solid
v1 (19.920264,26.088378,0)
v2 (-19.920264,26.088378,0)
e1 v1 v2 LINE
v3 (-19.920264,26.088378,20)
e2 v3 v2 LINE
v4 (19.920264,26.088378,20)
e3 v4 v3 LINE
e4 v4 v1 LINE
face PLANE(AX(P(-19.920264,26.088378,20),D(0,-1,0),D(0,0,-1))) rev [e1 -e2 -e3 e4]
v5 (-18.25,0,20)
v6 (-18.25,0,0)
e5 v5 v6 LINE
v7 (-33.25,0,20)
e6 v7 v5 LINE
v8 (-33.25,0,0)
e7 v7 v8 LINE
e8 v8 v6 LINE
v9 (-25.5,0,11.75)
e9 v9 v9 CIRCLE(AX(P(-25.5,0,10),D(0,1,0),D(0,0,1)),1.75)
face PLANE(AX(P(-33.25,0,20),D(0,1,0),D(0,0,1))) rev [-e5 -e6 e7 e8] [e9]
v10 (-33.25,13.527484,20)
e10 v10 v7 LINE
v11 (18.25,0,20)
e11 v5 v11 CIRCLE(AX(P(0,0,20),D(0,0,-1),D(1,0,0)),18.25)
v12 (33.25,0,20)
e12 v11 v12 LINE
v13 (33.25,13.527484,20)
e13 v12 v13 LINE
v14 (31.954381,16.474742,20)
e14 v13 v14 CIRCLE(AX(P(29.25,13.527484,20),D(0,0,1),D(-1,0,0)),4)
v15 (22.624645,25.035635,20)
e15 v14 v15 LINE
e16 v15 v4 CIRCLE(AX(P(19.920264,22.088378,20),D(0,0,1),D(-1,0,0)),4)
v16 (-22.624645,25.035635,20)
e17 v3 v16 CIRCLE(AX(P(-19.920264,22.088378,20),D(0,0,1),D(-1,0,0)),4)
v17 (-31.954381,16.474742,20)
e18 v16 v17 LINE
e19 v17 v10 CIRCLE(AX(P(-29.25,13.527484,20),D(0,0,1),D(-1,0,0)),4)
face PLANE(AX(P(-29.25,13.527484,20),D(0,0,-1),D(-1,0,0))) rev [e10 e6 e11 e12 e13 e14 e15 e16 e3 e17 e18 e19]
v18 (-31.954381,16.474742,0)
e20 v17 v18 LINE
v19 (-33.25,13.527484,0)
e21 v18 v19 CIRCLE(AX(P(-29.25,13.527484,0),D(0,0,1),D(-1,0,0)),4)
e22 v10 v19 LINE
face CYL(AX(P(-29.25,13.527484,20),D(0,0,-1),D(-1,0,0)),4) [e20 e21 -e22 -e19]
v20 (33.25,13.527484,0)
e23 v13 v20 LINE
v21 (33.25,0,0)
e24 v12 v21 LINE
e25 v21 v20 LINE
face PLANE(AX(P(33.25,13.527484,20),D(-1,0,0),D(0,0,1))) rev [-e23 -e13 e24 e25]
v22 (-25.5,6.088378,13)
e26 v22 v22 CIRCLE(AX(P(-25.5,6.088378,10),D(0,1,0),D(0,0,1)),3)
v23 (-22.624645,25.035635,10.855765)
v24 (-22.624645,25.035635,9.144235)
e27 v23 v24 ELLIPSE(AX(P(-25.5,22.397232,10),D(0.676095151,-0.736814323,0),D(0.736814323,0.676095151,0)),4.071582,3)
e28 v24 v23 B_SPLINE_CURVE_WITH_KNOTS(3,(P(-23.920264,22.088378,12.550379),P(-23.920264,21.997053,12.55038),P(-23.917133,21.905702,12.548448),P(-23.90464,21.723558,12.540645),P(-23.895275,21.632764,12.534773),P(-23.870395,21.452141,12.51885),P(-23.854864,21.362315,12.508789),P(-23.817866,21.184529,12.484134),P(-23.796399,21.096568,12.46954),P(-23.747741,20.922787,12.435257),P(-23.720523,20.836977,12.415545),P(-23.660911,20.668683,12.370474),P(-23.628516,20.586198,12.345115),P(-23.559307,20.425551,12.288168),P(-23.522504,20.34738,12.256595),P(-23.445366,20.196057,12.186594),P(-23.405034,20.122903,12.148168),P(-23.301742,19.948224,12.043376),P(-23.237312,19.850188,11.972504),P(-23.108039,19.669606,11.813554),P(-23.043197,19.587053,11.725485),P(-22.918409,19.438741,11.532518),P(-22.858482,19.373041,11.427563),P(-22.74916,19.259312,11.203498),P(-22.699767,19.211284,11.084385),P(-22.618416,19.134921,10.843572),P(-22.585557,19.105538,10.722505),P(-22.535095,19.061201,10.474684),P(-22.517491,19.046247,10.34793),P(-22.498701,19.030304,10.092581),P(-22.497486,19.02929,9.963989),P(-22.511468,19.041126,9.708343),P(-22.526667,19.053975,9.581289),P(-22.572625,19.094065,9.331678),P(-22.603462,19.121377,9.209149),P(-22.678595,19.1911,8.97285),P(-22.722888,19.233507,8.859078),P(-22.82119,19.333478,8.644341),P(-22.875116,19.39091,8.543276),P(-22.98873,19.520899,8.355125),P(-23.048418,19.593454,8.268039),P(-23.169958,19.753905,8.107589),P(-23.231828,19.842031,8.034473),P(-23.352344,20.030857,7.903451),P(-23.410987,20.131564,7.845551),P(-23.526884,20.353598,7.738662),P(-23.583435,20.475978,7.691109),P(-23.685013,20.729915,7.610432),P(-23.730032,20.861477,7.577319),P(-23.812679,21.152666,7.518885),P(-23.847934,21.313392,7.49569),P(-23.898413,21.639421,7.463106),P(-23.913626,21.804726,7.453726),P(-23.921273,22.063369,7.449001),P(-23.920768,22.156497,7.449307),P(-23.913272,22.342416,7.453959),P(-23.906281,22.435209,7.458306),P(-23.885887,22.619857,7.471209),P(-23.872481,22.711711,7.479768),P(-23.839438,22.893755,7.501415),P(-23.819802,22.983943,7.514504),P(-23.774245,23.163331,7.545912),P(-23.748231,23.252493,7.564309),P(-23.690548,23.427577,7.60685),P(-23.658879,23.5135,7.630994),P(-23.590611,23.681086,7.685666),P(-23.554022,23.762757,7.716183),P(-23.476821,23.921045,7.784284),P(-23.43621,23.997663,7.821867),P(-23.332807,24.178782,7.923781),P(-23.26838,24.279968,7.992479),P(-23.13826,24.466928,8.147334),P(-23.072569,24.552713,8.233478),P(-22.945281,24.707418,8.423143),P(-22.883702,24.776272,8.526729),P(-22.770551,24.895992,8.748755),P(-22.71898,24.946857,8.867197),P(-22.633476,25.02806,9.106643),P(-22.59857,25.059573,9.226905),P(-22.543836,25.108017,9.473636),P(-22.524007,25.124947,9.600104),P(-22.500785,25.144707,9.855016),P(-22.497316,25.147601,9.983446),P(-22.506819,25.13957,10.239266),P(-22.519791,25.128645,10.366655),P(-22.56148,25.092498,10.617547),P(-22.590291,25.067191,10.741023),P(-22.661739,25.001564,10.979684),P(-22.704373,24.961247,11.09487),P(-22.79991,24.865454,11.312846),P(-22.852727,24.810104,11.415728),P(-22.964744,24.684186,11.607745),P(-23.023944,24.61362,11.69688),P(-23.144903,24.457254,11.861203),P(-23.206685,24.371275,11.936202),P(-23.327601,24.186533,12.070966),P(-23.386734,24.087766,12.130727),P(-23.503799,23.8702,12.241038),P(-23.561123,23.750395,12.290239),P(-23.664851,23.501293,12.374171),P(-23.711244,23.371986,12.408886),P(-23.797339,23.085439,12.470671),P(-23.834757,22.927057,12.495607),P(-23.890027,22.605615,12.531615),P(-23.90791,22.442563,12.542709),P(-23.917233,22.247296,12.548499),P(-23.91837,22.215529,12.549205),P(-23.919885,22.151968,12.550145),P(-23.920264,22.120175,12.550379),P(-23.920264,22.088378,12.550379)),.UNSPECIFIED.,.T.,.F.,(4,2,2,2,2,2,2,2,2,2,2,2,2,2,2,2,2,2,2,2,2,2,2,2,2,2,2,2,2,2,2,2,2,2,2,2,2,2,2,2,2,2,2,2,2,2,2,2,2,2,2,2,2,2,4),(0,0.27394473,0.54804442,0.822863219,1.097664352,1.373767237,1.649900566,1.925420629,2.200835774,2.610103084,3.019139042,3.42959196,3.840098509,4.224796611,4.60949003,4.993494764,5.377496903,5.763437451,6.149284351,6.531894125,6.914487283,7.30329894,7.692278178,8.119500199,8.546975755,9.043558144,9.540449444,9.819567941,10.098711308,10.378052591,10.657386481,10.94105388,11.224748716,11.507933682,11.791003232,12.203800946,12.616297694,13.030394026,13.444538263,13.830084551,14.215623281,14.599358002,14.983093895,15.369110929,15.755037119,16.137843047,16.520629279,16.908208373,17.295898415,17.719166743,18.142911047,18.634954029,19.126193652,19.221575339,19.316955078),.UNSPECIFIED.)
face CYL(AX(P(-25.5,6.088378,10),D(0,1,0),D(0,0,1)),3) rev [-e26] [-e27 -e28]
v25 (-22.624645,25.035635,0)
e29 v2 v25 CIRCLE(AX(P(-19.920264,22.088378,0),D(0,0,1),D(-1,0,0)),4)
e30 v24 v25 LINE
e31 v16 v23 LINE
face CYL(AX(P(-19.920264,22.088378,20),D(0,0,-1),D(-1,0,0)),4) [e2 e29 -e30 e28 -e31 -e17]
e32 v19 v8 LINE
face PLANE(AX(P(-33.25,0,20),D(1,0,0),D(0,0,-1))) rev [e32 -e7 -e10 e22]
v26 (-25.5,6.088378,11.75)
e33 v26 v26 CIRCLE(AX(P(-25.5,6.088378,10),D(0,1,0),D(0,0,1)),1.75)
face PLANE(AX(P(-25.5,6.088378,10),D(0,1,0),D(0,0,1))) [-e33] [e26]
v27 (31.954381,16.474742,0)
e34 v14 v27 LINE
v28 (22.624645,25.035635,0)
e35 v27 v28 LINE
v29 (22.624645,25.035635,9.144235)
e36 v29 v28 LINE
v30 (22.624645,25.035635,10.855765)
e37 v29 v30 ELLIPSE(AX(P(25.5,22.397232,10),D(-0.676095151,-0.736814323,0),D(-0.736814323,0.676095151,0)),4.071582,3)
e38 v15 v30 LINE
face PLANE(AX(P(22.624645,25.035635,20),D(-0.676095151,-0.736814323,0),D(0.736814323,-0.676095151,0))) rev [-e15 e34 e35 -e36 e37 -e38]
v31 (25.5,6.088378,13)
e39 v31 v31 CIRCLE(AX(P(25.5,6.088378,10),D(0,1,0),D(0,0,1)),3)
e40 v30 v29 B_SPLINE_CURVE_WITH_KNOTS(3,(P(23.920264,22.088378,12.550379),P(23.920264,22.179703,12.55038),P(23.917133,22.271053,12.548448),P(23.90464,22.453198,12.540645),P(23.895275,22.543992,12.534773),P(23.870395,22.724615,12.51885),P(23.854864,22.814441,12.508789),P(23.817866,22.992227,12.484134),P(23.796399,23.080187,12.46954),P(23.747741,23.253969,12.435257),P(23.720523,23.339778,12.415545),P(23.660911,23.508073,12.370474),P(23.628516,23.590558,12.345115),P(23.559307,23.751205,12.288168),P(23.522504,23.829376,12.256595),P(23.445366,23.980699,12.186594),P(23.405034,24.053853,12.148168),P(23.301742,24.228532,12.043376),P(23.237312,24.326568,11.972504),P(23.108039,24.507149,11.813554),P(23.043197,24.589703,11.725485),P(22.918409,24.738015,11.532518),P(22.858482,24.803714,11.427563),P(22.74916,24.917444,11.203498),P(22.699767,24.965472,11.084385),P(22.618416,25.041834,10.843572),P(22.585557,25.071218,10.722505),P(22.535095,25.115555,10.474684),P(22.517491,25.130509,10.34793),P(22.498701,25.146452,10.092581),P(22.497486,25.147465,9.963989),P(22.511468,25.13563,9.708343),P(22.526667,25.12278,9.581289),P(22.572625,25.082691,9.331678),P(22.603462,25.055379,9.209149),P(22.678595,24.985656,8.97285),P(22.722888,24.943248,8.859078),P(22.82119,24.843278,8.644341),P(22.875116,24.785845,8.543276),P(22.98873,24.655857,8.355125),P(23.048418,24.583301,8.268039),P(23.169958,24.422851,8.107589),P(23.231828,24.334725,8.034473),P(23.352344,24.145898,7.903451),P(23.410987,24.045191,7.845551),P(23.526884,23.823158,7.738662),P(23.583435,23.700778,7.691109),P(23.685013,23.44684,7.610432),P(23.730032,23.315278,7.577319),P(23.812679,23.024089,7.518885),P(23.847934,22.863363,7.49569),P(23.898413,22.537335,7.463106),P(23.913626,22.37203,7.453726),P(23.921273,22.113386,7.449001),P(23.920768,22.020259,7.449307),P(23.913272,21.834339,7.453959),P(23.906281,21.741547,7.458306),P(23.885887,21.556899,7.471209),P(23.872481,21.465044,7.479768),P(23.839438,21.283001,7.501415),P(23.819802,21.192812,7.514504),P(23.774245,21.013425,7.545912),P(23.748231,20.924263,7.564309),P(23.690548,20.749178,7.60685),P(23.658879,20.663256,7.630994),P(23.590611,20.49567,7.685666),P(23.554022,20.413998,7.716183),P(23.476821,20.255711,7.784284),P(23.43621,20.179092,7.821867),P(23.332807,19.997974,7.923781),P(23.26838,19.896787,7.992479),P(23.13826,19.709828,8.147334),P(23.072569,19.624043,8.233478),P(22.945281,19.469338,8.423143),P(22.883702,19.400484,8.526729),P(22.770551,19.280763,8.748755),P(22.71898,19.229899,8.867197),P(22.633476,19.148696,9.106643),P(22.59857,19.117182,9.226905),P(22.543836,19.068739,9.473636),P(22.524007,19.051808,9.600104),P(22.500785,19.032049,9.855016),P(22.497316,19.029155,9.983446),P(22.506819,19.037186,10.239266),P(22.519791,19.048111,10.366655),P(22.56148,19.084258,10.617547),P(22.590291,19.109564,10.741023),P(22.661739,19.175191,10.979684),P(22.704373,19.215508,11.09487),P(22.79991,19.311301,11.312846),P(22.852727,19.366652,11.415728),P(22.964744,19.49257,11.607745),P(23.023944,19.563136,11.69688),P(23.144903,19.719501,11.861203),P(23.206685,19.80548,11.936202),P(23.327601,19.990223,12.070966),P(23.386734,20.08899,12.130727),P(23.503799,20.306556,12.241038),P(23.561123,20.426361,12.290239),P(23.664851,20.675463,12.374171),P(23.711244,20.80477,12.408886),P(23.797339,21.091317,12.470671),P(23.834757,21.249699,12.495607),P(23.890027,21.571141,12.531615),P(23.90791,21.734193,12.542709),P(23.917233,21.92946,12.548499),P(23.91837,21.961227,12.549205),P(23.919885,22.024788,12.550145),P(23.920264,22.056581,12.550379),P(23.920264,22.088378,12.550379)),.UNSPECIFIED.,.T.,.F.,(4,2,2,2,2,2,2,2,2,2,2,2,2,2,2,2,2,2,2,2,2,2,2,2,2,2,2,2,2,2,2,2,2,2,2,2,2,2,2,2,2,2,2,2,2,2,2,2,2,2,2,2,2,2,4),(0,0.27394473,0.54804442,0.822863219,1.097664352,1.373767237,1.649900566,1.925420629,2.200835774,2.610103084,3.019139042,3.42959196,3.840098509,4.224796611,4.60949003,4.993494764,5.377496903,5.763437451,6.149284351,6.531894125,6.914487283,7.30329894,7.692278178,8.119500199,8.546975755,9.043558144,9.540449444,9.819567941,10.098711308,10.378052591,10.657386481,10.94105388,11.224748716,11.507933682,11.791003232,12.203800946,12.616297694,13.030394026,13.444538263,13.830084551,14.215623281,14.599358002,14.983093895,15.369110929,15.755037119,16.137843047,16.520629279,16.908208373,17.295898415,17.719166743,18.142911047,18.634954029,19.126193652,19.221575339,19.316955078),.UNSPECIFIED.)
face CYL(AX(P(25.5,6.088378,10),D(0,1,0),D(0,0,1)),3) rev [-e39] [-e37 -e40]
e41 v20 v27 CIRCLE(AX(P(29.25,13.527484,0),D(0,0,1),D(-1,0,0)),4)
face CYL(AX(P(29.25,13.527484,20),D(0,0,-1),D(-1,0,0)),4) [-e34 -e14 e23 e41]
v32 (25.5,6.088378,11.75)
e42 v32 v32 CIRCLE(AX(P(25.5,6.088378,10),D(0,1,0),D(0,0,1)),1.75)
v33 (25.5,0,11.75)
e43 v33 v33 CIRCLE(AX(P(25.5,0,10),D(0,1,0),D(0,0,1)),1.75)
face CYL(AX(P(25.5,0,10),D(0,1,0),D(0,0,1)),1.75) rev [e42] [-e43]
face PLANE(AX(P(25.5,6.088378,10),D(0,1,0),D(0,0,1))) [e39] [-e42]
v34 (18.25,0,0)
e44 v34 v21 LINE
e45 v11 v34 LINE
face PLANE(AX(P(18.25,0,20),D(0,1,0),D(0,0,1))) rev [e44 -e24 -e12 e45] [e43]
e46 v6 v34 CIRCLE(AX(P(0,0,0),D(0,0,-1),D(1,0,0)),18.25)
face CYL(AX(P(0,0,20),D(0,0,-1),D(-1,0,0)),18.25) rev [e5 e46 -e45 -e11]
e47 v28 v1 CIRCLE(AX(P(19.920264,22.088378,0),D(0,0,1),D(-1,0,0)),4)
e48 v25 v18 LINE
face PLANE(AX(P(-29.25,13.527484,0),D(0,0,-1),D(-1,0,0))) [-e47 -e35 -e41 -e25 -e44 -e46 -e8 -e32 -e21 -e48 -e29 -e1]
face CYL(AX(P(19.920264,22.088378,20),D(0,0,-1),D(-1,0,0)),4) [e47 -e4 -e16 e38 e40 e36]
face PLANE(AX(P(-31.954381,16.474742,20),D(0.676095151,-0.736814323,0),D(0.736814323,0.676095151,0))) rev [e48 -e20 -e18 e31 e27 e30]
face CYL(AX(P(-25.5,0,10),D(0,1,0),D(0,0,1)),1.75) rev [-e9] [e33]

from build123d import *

# Parameters (mm, degrees)
EXTRUDE_1_DEPTH     = 20
SKETCH_2_R          = 3
CUT_EXTRUDE_1_DEPTH = 20
SKETCH_3_R          = 1.75
CUT_EXTRUDE_2_DEPTH = 27.088377855


with BuildPart() as part:
    # 草图1 → 凸台-拉伸1 (new body)
    with BuildSketch(Plane.XY):
        with BuildLine():
            Line((-33.25, 0), (-18.25, 0))
            ThreePointArc((-18.25, 0), (0, 18.25), (18.25, 0))
            Line((18.25, 0), (33.25, 0))
            Line((33.25, 0), (33.25, 13.52748426))
            ThreePointArc((33.25, 13.52748426), (32.911797538, 15.137216782), (31.954380604, 16.474741552))
            Line((31.954380604, 16.474741552), (22.624644973, 25.035635147))
            ThreePointArc((22.624644973, 25.035635147), (21.371293457, 25.815912507), (19.920264369, 26.088377855))
            Line((19.920264369, 26.088377855), (-19.920264369, 26.088377855))
            ThreePointArc((-19.920264369, 26.088377855), (-21.371293457, 25.815912507), (-22.624644973, 25.035635147))
            Line((-22.624644973, 25.035635147), (-31.954380604, 16.474741552))
            ThreePointArc((-31.954380604, 16.474741552), (-32.911797538, 15.137216782), (-33.25, 13.52748426))
            Line((-33.25, 13.52748426), (-33.25, 0))
        make_face()
    extrude(amount=EXTRUDE_1_DEPTH)

    # 草图2 → 切除-拉伸1 (cut)
    with BuildSketch(Plane(origin=(0, 26.088377855, 0), x_dir=(1, 0, 0), z_dir=(0, 1, 0))):
        with Locations((-25.5, -10)):
            Circle(SKETCH_2_R)
        with Locations((25.5, -10)):
            Circle(SKETCH_2_R)
    extrude(amount=-CUT_EXTRUDE_1_DEPTH, mode=Mode.SUBTRACT)

    # 草图3 → 切除-拉伸2 (cut, through all)
    with BuildSketch(Plane(origin=(0, 26.088377855, 0), x_dir=(1, 0, 0), z_dir=(0, 1, 0))):
        with Locations((25.5, -10)):
            Circle(SKETCH_3_R)
        with Locations((-25.5, -10)):
            Circle(SKETCH_3_R)
    extrude(amount=-CUT_EXTRUDE_2_DEPTH, mode=Mode.SUBTRACT)


solid = part.part
